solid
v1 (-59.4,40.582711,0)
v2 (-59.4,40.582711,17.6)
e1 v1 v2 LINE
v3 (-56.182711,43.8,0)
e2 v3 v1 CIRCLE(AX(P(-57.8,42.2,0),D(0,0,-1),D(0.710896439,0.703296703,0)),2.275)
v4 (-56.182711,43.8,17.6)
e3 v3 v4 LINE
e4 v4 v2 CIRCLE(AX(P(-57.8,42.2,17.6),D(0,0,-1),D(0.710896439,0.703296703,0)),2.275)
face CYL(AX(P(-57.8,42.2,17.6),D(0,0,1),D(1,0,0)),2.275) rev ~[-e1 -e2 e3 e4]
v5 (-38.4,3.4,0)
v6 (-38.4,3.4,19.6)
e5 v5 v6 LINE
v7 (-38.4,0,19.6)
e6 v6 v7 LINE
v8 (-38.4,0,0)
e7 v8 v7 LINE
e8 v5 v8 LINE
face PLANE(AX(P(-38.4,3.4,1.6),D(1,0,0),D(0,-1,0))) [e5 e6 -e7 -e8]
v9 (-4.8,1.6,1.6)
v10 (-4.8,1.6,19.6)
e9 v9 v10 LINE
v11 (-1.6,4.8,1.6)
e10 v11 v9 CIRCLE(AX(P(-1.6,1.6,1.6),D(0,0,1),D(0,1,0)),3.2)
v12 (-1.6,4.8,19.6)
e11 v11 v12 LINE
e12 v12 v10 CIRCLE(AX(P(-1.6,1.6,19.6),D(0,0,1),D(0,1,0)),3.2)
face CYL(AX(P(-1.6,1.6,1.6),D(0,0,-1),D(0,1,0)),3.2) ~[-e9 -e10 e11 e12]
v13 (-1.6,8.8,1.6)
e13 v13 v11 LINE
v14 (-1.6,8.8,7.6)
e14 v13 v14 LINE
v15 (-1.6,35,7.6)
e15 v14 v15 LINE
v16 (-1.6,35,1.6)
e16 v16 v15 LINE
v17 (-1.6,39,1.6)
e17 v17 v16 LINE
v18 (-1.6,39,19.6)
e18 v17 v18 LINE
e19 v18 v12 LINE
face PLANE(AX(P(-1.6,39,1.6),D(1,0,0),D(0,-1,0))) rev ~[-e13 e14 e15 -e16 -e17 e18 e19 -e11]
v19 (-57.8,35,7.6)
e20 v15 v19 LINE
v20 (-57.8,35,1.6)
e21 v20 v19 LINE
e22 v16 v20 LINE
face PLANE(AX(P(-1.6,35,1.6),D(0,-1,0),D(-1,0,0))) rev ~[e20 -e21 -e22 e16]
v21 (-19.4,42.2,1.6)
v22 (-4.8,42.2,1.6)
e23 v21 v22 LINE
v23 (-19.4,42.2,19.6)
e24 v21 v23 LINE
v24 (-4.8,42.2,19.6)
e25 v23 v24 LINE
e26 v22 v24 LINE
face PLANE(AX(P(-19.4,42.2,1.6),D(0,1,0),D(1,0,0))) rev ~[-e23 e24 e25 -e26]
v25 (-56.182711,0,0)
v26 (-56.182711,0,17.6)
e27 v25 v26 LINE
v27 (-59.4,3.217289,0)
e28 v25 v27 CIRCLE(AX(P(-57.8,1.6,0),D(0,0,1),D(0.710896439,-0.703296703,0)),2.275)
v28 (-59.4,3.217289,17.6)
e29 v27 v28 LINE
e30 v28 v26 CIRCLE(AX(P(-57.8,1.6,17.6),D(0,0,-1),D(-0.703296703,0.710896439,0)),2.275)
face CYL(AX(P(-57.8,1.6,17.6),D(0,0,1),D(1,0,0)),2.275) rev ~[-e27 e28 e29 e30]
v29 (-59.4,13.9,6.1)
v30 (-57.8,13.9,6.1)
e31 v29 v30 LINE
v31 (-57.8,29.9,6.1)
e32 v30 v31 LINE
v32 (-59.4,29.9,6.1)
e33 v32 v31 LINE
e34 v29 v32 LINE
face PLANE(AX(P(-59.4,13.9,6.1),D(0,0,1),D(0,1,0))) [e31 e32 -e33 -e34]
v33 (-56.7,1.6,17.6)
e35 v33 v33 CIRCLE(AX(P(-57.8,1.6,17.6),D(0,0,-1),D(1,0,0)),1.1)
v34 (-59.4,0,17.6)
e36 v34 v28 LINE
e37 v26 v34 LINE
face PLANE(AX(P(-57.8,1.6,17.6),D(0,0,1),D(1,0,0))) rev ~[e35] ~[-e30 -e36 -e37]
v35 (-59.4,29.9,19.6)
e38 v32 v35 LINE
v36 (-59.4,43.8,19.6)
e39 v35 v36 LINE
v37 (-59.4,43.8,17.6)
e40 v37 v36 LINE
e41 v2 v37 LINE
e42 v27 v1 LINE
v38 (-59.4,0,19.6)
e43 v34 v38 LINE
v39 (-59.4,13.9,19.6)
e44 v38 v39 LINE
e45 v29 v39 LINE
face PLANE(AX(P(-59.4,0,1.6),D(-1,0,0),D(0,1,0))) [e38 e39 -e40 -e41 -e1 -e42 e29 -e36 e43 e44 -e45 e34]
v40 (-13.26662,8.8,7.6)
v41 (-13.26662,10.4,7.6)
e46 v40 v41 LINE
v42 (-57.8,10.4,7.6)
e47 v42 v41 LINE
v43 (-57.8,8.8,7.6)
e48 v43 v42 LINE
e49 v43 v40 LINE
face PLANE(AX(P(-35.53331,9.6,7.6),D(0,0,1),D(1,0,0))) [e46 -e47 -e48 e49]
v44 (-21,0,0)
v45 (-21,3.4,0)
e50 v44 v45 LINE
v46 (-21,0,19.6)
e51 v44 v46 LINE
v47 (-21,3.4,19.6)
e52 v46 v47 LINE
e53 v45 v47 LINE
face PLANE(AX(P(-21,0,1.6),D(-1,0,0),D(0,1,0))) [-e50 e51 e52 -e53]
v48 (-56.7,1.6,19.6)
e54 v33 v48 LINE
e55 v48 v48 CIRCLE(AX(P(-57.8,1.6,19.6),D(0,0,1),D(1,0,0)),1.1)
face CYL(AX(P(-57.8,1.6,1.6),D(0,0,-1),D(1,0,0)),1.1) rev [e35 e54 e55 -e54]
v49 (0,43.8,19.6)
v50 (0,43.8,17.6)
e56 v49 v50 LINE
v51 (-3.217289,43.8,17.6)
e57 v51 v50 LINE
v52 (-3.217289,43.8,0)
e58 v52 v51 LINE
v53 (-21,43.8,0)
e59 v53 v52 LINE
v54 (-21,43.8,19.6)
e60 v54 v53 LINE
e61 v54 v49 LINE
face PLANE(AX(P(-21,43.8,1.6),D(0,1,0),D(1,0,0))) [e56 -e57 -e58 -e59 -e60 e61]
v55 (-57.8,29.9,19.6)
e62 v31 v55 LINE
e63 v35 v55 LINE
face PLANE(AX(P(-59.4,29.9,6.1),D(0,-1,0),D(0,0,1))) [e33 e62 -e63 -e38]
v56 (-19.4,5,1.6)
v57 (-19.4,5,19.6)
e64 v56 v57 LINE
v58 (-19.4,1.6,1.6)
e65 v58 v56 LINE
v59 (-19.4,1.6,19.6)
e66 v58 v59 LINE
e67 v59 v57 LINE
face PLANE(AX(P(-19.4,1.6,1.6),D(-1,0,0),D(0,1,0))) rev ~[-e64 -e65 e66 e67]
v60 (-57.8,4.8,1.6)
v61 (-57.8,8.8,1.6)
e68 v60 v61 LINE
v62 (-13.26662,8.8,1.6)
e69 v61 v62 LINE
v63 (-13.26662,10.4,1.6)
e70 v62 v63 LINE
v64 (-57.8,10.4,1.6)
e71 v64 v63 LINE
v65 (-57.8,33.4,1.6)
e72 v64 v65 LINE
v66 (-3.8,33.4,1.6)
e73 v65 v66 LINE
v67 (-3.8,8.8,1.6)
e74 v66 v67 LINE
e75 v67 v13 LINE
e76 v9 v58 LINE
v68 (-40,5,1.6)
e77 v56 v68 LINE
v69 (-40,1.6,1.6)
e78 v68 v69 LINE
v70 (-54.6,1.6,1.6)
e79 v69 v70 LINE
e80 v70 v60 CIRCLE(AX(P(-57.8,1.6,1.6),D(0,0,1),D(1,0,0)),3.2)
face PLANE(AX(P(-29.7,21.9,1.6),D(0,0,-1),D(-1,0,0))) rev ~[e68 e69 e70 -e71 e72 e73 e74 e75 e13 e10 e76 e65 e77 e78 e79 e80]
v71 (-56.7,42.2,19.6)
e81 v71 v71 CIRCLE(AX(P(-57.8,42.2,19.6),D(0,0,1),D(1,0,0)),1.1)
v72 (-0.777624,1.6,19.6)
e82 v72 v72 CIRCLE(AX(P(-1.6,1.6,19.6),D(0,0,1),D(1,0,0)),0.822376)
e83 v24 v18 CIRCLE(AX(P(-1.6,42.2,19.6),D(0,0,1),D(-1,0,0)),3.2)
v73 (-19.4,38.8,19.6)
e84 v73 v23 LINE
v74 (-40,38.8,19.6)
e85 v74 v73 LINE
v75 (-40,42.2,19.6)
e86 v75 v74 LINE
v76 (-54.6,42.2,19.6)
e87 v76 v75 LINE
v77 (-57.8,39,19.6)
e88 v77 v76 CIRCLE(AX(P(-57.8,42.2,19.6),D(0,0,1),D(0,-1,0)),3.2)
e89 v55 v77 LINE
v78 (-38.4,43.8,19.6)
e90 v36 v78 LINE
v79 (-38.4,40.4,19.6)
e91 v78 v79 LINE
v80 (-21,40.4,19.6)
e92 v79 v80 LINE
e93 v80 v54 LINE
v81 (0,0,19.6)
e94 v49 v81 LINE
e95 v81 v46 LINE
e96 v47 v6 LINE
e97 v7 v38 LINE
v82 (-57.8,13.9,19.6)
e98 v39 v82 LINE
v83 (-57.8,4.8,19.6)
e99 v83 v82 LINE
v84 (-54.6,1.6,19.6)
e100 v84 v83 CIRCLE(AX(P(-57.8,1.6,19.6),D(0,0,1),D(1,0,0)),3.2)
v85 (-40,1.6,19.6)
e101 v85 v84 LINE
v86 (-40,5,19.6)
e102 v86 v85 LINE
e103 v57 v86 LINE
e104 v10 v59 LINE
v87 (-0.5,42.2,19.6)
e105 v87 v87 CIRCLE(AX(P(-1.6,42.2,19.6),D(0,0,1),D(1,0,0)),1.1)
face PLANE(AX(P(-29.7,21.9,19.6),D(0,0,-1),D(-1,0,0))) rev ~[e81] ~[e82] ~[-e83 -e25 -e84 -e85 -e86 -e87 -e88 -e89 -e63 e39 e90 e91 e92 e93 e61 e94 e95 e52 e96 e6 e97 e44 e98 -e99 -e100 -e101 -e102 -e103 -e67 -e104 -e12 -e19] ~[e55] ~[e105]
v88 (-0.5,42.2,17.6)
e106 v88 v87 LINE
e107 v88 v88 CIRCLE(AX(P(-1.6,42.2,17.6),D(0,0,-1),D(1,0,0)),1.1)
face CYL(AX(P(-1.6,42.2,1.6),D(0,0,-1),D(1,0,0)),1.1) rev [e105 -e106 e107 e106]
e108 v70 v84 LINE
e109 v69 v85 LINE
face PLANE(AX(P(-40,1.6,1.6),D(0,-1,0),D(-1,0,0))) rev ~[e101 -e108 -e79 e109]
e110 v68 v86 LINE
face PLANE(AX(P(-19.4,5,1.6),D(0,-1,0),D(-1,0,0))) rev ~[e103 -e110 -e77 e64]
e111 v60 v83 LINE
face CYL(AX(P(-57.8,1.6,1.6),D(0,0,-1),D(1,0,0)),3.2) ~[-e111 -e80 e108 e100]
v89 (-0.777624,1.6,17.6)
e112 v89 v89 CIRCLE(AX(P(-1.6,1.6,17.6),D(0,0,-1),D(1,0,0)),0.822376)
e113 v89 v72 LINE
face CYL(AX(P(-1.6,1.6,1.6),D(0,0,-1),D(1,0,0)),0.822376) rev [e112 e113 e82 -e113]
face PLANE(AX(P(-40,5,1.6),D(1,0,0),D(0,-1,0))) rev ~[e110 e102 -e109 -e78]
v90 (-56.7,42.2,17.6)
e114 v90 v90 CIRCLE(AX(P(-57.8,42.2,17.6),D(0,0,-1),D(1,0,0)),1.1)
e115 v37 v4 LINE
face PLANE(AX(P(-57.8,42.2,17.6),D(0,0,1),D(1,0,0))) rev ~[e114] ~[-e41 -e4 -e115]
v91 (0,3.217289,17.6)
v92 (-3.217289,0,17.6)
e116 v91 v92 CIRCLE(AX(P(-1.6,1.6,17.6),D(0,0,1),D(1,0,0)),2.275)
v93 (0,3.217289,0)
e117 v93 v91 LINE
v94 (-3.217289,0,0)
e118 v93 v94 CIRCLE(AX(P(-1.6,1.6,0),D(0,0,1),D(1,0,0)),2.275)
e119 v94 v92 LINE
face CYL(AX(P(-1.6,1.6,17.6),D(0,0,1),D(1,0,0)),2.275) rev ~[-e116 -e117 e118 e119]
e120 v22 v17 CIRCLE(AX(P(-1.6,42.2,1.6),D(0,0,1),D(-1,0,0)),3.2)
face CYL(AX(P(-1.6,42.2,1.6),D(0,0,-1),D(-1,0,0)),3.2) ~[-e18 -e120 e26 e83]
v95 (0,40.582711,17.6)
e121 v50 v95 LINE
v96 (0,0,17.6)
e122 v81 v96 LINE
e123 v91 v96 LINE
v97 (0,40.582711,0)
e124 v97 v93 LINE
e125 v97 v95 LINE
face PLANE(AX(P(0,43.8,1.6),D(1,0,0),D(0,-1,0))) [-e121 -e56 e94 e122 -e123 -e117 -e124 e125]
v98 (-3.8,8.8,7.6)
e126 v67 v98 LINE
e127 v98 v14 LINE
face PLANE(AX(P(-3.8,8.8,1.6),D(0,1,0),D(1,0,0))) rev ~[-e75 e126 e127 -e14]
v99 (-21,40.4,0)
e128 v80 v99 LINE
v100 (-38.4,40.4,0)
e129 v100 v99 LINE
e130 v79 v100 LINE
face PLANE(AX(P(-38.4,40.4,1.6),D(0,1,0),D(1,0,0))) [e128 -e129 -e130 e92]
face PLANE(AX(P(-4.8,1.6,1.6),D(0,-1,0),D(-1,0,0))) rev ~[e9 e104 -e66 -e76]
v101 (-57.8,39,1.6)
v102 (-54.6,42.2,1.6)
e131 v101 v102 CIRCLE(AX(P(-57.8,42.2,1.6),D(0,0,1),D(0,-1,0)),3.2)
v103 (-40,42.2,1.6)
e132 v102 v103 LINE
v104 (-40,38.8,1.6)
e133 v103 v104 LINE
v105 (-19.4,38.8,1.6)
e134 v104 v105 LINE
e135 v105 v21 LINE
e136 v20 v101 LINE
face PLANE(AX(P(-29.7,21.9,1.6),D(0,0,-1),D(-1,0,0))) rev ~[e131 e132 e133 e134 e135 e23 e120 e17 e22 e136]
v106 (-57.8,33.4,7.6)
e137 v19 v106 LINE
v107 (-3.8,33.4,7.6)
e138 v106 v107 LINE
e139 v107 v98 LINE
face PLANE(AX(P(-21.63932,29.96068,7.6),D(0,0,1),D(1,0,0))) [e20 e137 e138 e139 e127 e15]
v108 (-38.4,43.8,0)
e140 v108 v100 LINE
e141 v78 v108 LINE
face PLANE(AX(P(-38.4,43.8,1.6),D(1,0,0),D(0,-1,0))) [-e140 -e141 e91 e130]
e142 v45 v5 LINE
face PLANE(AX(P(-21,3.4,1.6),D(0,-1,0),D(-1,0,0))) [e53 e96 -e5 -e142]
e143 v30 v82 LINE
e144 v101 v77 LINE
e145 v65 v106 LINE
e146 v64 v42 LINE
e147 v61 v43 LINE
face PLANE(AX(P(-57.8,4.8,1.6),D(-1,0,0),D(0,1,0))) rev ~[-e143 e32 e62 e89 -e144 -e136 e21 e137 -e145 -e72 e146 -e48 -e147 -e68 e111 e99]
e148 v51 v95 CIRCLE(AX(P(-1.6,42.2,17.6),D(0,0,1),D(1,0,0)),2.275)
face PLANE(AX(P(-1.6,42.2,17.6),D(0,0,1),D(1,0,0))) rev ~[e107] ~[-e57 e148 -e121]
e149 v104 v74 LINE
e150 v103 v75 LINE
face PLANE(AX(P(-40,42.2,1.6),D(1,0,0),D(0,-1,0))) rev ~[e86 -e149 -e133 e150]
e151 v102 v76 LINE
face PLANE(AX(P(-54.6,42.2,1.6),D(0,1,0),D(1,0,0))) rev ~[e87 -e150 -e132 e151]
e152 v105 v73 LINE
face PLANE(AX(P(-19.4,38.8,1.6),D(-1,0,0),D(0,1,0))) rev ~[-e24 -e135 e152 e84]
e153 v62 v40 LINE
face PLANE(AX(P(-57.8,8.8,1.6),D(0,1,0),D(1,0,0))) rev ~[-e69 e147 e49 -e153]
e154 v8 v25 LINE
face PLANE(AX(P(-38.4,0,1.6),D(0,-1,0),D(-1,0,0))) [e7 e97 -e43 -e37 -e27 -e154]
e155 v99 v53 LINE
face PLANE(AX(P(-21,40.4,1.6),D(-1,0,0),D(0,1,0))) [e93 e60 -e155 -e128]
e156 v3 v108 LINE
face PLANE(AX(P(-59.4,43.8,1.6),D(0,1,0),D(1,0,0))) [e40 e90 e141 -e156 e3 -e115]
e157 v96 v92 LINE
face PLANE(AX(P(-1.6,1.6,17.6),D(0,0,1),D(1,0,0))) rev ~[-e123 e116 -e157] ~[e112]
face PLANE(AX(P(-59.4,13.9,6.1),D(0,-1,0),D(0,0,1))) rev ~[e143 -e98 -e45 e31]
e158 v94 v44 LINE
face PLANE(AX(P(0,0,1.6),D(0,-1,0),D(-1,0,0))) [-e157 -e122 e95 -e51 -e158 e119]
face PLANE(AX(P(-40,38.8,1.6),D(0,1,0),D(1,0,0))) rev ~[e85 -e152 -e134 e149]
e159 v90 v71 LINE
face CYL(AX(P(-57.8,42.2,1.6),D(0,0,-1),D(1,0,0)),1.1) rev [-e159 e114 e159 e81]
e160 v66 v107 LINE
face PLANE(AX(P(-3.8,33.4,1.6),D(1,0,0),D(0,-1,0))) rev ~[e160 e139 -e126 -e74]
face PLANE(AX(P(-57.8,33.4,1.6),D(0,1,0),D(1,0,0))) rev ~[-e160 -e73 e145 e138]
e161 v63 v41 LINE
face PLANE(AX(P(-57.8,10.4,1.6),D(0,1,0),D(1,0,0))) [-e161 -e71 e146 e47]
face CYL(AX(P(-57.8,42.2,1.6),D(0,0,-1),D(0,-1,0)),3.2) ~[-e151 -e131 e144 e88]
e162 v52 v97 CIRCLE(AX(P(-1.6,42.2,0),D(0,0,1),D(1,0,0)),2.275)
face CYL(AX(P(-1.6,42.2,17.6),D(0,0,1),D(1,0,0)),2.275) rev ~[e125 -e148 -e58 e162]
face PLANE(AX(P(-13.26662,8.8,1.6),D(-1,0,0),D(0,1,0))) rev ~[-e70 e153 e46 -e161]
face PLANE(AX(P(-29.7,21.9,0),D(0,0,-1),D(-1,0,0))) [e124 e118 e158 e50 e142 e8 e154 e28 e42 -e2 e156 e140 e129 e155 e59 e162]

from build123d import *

# Parameters (mm, degrees)
BOSS_EXTRUDE1_DEPTH = 1.6
SKETCH2_R           = 1.1
SKETCH2_R_2         = 0.822376014
BOSS_EXTRUDE2_DEPTH = 18
CUT_EXTRUDE1_START  = -2
SKETCH4_R           = 2.275
CUT_EXTRUDE1_DEPTH  = 18
SKETCH5_W           = 13.5
SKETCH5_H           = 16
CUT_EXTRUDE2_DEPTH  = 18
SKETCH6_W           = 44.533379649
SKETCH6_H           = 1.6
BOSS_EXTRUDE3_DEPTH = 6


with BuildPart() as part:
    # Sketch1 → Boss-Extrude1 (new body)
    with BuildSketch(Plane.XY):
        Polygon((-38.4, 43.8), (-38.4, 40.4), (-21, 40.4), (-21, 43.8), (0, 43.8), (0, 0), (-21, 0), (-21, 3.4), (-38.4, 3.4), (-38.4, 0), (-59.4, 0), (-59.4, 43.8), align=None)
    extrude(amount=BOSS_EXTRUDE1_DEPTH)

    # Sketch2 → Boss-Extrude2 (add)
    with BuildSketch(Plane.XY.offset(1.6)):
        Polygon((-59.4, 43.8), (-38.4, 43.8), (-38.4, 40.4), (-21, 40.4), (-21, 43.8), (0, 43.8), (0, 0), (-21, 0), (-21, 3.4), (-38.4, 3.4), (-38.4, 0), (-59.4, 0), align=None)
        with Locations((-57.8, 1.6)):
            Circle(SKETCH2_R, mode=Mode.SUBTRACT)
        with Locations((-57.8, 42.2)):
            Circle(SKETCH2_R, mode=Mode.SUBTRACT)
        with Locations((-1.6, 42.2)):
            Circle(SKETCH2_R, mode=Mode.SUBTRACT)
        with Locations((-1.6, 1.6)):
            Circle(SKETCH2_R_2, mode=Mode.SUBTRACT)
        with BuildLine():
            Line((-54.6, 42.2), (-40, 42.2))
            Line((-40, 42.2), (-40, 38.8))
            Line((-40, 38.8), (-19.4, 38.8))
            Line((-19.4, 38.8), (-19.4, 42.2))
            Line((-19.4, 42.2), (-4.8, 42.2))
            ThreePointArc((-4.8, 42.2), (-3.8627417, 39.9372583), (-1.6, 39))
            Line((-1.6, 39), (-1.6, 4.8))
            ThreePointArc((-1.6, 4.8), (-3.8627417, 3.8627417), (-4.8, 1.6))
            Line((-4.8, 1.6), (-19.4, 1.6))
            Line((-19.4, 1.6), (-19.4, 5))
            Line((-19.4, 5), (-40, 5))
            Line((-40, 5), (-40, 1.6))
            Line((-40, 1.6), (-54.6, 1.6))
            ThreePointArc((-54.6, 1.6), (-55.5372583, 3.8627417), (-57.8, 4.8))
            Line((-57.8, 4.8), (-57.8, 39))
            ThreePointArc((-57.8, 39), (-55.5372583, 39.9372583), (-54.6, 42.2))
        make_face(mode=Mode.SUBTRACT)
    extrude(amount=BOSS_EXTRUDE2_DEPTH)

    # Sketch4 → Cut-Extrude1 (cut)
    with BuildSketch(Plane.XY.offset(19.6).offset(CUT_EXTRUDE1_START)):
        with Locations((-57.8, 42.2)):
            Circle(SKETCH4_R)
        with Locations((-1.6, 42.2)):
            Circle(SKETCH4_R)
        with Locations((-57.8, 1.6)):
            Circle(SKETCH4_R)
        with Locations((-1.6, 1.6)):
            Circle(SKETCH4_R)
    extrude(amount=-CUT_EXTRUDE1_DEPTH, mode=Mode.SUBTRACT)

    # Sketch5 → Cut-Extrude2 (cut)
    with BuildSketch(Plane.ZY.offset(59.4)):
        with Locations((12.85, 21.9)):
            Rectangle(SKETCH5_W, SKETCH5_H)
    extrude(amount=-CUT_EXTRUDE2_DEPTH, mode=Mode.SUBTRACT)

    # Sketch6 → Boss-Extrude3 (add)
    with BuildSketch(Plane.XY.offset(1.6)):
        Polygon((-57.8, 33.4), (-3.8, 33.4), (-3.8, 10.4), (-3.8, 8.8), (-1.6, 8.8), (-1.6, 35), (-57.8, 35), align=None)
        with Locations((-35.533310176, 9.6)):
            Rectangle(SKETCH6_W, SKETCH6_H)
    extrude(amount=BOSS_EXTRUDE3_DEPTH)


solid = part.part
